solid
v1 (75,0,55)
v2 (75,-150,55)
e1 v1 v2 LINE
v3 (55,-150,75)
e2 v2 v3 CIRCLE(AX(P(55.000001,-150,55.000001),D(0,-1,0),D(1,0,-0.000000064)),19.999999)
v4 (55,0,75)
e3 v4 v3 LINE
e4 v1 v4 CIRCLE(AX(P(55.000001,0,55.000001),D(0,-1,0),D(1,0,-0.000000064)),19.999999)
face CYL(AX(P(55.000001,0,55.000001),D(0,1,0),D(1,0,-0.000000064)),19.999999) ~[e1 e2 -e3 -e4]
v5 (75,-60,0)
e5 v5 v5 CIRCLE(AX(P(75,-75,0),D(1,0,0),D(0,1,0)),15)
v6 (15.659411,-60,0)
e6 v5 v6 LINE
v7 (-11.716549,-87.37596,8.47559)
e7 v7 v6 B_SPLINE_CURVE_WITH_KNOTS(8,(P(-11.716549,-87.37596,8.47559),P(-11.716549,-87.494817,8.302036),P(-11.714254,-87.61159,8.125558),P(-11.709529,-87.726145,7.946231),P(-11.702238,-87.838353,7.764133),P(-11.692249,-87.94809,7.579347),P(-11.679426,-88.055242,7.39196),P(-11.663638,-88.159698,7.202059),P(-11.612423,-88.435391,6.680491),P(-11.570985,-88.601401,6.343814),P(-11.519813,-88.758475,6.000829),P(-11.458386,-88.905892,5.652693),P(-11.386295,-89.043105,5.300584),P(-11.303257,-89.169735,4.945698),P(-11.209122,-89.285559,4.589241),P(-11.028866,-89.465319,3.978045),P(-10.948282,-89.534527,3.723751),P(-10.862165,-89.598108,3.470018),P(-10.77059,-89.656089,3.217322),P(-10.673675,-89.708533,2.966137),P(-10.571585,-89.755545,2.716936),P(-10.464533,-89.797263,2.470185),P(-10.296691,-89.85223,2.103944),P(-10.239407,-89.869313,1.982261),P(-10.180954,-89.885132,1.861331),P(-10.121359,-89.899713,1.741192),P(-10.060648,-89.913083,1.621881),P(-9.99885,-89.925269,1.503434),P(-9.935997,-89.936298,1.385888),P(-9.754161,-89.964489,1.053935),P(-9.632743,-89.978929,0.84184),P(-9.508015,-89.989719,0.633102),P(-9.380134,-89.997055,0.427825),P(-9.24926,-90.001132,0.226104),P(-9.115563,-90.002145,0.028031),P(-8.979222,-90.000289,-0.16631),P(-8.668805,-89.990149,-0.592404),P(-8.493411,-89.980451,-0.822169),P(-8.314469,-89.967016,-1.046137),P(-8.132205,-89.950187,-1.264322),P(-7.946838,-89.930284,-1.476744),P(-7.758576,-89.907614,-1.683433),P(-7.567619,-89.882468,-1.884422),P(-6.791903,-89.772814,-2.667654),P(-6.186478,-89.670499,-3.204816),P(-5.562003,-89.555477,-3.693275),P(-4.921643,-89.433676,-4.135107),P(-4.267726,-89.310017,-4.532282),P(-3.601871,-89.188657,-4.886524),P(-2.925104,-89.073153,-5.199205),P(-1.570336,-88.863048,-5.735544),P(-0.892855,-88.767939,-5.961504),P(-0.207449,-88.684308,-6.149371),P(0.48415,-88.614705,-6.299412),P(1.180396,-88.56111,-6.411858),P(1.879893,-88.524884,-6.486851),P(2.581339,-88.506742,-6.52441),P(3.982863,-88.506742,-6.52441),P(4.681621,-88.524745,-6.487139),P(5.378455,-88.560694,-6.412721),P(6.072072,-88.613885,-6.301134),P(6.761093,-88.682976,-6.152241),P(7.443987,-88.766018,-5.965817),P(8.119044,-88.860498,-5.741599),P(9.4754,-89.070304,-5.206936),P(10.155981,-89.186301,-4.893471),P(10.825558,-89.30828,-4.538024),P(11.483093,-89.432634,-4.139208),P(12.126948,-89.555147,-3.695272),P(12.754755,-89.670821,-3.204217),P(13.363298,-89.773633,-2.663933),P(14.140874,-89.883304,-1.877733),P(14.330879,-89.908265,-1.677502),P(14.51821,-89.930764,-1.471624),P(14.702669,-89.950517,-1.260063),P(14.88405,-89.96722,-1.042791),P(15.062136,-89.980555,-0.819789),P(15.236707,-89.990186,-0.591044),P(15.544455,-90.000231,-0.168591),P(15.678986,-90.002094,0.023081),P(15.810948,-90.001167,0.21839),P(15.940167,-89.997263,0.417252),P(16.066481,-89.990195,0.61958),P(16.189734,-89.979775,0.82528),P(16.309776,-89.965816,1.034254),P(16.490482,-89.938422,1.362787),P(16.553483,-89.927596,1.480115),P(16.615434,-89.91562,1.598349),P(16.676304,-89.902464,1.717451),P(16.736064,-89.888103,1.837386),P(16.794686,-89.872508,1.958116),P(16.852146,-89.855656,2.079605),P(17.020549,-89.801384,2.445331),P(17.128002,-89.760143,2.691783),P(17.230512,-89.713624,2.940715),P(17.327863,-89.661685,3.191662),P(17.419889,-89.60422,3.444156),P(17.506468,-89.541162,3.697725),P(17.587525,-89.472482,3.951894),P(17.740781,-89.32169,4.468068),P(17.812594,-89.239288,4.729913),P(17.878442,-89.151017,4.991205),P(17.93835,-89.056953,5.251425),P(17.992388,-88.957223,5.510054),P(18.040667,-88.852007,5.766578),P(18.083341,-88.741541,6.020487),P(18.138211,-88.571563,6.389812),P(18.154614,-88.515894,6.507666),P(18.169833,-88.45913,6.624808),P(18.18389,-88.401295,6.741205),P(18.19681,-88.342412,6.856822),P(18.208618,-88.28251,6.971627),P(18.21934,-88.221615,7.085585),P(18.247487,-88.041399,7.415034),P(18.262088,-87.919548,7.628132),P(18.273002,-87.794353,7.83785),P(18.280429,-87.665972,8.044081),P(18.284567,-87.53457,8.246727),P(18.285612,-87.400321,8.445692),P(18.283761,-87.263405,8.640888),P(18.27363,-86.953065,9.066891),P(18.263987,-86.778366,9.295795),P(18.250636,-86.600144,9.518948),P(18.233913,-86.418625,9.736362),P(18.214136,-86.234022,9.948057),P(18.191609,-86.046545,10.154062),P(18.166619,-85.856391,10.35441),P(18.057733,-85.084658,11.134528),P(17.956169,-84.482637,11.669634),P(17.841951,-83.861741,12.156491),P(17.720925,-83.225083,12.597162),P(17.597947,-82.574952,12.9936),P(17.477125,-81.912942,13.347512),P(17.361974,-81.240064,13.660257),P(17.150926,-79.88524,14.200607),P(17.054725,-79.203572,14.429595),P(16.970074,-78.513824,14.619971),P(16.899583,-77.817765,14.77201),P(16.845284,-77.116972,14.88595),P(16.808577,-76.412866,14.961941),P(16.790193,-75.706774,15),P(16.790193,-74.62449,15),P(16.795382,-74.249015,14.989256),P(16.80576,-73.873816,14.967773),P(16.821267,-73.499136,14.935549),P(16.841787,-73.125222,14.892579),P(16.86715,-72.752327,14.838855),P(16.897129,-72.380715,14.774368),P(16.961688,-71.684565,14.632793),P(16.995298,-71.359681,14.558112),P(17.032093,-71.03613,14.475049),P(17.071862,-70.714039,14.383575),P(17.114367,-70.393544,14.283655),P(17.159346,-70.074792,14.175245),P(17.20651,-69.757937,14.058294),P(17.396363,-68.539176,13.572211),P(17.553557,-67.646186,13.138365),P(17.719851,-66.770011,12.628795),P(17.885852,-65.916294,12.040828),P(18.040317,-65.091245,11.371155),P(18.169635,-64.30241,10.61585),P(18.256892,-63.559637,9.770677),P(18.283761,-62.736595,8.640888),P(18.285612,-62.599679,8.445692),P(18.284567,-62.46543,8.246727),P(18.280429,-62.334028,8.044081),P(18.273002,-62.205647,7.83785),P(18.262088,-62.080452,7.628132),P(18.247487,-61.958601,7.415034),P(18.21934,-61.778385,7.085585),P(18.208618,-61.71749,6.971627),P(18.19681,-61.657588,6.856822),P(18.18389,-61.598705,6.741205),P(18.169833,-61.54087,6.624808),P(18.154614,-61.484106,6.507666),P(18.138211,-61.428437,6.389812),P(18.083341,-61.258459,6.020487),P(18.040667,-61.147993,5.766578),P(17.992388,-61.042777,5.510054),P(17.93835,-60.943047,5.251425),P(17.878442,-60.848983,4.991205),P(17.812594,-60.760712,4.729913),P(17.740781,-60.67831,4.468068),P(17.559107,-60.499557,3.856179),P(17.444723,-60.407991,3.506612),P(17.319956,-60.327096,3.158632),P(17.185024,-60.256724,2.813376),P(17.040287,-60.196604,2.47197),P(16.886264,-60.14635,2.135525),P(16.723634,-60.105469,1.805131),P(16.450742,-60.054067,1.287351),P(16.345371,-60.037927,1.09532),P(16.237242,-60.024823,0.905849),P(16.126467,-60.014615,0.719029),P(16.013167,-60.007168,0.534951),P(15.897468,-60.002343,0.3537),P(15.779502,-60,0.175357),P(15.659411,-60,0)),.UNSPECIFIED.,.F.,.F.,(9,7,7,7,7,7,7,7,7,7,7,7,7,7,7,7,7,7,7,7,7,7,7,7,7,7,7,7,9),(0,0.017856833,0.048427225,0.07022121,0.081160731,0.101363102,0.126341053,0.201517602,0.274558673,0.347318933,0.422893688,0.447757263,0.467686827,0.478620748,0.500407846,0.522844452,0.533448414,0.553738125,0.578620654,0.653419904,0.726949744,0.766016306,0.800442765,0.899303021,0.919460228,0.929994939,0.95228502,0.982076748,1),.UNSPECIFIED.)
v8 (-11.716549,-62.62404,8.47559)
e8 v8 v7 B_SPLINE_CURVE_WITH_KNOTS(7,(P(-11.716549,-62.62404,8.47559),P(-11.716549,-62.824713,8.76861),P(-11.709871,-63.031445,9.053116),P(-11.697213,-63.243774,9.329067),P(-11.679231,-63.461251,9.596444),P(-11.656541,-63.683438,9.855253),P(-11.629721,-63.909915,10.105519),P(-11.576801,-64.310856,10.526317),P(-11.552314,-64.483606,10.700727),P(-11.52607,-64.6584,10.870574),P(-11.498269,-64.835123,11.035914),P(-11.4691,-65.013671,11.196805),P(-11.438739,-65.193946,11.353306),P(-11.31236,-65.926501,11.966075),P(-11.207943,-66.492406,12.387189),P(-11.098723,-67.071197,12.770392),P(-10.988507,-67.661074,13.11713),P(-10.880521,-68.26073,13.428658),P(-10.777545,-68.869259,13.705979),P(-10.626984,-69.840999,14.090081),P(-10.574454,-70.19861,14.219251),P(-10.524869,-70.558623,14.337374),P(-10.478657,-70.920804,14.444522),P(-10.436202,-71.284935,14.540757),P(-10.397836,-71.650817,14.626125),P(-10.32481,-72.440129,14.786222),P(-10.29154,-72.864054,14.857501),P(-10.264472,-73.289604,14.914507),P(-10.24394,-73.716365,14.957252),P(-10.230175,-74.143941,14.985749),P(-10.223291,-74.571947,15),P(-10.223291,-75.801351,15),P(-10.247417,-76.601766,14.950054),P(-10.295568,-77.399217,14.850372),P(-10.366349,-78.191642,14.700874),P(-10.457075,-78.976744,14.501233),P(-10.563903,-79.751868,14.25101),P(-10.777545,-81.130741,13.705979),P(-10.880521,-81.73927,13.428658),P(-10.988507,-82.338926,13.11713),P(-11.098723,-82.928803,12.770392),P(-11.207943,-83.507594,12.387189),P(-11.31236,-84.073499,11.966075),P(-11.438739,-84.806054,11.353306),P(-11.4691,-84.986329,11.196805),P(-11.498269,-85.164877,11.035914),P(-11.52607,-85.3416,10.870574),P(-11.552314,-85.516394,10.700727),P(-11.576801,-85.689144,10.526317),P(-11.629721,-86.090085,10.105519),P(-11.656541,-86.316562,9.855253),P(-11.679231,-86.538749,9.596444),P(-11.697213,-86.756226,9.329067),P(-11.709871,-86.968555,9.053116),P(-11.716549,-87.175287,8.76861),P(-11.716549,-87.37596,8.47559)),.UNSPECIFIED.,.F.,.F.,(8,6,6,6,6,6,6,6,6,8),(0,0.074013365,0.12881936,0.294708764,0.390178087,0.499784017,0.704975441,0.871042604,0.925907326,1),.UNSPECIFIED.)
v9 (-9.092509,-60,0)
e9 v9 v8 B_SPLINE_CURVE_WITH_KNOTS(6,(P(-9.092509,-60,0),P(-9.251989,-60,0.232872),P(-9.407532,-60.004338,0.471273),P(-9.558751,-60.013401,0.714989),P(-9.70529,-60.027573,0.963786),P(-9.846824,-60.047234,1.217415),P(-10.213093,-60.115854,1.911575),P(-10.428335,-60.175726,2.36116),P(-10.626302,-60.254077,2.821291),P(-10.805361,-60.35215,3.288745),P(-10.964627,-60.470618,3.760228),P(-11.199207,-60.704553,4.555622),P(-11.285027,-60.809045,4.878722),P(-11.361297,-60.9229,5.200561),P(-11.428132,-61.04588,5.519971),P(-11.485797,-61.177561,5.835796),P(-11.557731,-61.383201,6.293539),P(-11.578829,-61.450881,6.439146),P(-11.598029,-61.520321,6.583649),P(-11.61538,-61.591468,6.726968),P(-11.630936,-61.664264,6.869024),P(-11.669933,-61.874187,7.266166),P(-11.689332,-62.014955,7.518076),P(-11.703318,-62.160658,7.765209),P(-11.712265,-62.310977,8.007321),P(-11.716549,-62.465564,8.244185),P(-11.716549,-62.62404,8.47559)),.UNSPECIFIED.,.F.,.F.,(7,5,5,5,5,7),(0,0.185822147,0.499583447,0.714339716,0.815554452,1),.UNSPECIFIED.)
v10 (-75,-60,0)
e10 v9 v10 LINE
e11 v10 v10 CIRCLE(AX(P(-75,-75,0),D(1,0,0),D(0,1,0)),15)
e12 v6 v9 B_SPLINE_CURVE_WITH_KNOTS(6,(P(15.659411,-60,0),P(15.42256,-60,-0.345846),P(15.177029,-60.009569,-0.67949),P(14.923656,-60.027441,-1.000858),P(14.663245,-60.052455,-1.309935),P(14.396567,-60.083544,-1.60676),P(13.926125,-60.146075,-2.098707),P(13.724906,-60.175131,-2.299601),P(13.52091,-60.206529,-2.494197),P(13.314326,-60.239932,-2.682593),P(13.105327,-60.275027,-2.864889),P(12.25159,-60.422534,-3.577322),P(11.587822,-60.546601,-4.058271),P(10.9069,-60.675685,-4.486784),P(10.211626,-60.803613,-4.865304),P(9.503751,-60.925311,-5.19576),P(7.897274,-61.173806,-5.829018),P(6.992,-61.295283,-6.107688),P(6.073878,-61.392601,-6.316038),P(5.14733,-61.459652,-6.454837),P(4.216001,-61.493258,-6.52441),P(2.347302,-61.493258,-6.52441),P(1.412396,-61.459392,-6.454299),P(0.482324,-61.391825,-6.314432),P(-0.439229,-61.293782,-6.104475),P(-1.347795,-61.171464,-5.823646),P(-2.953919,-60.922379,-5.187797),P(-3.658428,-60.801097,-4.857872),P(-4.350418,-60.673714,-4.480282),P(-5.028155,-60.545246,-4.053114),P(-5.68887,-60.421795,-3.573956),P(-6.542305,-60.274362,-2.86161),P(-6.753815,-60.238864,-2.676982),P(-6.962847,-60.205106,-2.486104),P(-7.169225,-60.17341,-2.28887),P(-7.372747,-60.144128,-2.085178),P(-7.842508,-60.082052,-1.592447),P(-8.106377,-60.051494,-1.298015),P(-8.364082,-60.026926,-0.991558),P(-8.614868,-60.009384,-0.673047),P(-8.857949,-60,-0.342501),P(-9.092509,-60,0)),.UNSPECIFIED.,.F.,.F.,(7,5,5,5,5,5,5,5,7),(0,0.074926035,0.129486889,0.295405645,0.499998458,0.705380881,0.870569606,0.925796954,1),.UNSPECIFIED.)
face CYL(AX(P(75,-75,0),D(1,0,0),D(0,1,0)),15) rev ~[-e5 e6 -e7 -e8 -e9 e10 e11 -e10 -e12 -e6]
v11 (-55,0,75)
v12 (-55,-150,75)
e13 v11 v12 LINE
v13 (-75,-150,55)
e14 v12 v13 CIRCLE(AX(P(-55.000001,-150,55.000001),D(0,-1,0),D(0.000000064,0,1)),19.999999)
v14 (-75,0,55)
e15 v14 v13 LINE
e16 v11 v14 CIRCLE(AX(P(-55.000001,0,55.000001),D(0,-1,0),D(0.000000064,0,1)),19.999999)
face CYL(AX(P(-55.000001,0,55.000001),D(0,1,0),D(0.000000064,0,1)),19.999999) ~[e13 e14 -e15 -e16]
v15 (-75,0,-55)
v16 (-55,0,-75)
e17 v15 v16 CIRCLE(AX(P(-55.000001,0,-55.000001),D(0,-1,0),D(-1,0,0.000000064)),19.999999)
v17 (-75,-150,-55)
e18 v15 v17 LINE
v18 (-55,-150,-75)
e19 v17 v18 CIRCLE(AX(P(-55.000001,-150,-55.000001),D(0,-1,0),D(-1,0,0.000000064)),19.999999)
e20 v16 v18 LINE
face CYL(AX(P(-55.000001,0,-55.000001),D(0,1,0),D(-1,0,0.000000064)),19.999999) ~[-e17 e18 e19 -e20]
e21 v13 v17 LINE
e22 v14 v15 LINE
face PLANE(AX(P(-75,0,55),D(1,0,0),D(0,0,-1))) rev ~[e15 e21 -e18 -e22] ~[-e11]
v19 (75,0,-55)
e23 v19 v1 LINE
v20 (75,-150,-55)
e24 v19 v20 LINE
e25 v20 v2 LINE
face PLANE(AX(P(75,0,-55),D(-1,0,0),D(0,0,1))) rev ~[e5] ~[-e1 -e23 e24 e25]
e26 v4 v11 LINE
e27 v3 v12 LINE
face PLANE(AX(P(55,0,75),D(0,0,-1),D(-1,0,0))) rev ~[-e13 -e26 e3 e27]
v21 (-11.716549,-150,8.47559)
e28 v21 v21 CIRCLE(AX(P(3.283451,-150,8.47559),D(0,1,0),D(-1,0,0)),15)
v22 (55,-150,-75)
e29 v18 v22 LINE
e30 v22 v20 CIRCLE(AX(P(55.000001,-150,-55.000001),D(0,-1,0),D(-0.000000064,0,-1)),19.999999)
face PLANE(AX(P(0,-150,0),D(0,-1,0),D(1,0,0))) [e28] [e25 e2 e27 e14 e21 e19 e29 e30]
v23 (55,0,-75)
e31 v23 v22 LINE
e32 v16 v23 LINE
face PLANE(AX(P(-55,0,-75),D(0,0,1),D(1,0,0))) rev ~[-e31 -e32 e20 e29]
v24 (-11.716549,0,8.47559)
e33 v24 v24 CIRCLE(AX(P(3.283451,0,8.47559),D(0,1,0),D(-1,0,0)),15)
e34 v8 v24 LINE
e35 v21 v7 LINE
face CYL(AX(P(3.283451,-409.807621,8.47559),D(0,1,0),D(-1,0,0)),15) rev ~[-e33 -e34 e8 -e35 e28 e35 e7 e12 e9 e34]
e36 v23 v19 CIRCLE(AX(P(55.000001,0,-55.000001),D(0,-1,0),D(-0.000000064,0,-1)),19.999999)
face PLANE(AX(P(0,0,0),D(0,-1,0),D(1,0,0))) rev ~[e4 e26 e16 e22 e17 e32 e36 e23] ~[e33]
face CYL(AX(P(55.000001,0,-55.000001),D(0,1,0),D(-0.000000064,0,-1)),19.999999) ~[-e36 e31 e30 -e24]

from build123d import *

# Parameters (mm, degrees)
F1_DEPTH = 150
F3_D     = 30
F4_R     = 15
F5_DEPTH = 150


with BuildPart() as f1:
    # F0 (on Front) → F1 (new body)
    with BuildSketch(Plane.XZ):
        with BuildLine():
            ThreePointArc((75, 55), (69.142136, 69.142136), (55, 75))
            Line((55, 75), (-55, 75))
            ThreePointArc((-55, 75), (-69.142136, 69.142136), (-75, 55))
            Line((-75, 55), (-75, -55))
            ThreePointArc((-75, -55), (-69.142136, -69.142136), (-55, -75))
            Line((-55, -75), (55, -75))
            ThreePointArc((55, -75), (69.142136, -69.142136), (75, -55))
            Line((75, -55), (75, 55))
        make_face()
    extrude(amount=F1_DEPTH)

    # F3 (through all)
    with Locations(Plane.XZ.offset(150)):
        with Locations((3.283451, 8.47559)):
            Hole(F3_D / 2)

    # F4 (on face) → F5 (cut)
    with BuildSketch(Plane.YZ.offset(75)):
        with Locations((-75, 0)):
            Circle(F4_R)
    extrude(amount=-F5_DEPTH, mode=Mode.SUBTRACT)


solid = f1.part
